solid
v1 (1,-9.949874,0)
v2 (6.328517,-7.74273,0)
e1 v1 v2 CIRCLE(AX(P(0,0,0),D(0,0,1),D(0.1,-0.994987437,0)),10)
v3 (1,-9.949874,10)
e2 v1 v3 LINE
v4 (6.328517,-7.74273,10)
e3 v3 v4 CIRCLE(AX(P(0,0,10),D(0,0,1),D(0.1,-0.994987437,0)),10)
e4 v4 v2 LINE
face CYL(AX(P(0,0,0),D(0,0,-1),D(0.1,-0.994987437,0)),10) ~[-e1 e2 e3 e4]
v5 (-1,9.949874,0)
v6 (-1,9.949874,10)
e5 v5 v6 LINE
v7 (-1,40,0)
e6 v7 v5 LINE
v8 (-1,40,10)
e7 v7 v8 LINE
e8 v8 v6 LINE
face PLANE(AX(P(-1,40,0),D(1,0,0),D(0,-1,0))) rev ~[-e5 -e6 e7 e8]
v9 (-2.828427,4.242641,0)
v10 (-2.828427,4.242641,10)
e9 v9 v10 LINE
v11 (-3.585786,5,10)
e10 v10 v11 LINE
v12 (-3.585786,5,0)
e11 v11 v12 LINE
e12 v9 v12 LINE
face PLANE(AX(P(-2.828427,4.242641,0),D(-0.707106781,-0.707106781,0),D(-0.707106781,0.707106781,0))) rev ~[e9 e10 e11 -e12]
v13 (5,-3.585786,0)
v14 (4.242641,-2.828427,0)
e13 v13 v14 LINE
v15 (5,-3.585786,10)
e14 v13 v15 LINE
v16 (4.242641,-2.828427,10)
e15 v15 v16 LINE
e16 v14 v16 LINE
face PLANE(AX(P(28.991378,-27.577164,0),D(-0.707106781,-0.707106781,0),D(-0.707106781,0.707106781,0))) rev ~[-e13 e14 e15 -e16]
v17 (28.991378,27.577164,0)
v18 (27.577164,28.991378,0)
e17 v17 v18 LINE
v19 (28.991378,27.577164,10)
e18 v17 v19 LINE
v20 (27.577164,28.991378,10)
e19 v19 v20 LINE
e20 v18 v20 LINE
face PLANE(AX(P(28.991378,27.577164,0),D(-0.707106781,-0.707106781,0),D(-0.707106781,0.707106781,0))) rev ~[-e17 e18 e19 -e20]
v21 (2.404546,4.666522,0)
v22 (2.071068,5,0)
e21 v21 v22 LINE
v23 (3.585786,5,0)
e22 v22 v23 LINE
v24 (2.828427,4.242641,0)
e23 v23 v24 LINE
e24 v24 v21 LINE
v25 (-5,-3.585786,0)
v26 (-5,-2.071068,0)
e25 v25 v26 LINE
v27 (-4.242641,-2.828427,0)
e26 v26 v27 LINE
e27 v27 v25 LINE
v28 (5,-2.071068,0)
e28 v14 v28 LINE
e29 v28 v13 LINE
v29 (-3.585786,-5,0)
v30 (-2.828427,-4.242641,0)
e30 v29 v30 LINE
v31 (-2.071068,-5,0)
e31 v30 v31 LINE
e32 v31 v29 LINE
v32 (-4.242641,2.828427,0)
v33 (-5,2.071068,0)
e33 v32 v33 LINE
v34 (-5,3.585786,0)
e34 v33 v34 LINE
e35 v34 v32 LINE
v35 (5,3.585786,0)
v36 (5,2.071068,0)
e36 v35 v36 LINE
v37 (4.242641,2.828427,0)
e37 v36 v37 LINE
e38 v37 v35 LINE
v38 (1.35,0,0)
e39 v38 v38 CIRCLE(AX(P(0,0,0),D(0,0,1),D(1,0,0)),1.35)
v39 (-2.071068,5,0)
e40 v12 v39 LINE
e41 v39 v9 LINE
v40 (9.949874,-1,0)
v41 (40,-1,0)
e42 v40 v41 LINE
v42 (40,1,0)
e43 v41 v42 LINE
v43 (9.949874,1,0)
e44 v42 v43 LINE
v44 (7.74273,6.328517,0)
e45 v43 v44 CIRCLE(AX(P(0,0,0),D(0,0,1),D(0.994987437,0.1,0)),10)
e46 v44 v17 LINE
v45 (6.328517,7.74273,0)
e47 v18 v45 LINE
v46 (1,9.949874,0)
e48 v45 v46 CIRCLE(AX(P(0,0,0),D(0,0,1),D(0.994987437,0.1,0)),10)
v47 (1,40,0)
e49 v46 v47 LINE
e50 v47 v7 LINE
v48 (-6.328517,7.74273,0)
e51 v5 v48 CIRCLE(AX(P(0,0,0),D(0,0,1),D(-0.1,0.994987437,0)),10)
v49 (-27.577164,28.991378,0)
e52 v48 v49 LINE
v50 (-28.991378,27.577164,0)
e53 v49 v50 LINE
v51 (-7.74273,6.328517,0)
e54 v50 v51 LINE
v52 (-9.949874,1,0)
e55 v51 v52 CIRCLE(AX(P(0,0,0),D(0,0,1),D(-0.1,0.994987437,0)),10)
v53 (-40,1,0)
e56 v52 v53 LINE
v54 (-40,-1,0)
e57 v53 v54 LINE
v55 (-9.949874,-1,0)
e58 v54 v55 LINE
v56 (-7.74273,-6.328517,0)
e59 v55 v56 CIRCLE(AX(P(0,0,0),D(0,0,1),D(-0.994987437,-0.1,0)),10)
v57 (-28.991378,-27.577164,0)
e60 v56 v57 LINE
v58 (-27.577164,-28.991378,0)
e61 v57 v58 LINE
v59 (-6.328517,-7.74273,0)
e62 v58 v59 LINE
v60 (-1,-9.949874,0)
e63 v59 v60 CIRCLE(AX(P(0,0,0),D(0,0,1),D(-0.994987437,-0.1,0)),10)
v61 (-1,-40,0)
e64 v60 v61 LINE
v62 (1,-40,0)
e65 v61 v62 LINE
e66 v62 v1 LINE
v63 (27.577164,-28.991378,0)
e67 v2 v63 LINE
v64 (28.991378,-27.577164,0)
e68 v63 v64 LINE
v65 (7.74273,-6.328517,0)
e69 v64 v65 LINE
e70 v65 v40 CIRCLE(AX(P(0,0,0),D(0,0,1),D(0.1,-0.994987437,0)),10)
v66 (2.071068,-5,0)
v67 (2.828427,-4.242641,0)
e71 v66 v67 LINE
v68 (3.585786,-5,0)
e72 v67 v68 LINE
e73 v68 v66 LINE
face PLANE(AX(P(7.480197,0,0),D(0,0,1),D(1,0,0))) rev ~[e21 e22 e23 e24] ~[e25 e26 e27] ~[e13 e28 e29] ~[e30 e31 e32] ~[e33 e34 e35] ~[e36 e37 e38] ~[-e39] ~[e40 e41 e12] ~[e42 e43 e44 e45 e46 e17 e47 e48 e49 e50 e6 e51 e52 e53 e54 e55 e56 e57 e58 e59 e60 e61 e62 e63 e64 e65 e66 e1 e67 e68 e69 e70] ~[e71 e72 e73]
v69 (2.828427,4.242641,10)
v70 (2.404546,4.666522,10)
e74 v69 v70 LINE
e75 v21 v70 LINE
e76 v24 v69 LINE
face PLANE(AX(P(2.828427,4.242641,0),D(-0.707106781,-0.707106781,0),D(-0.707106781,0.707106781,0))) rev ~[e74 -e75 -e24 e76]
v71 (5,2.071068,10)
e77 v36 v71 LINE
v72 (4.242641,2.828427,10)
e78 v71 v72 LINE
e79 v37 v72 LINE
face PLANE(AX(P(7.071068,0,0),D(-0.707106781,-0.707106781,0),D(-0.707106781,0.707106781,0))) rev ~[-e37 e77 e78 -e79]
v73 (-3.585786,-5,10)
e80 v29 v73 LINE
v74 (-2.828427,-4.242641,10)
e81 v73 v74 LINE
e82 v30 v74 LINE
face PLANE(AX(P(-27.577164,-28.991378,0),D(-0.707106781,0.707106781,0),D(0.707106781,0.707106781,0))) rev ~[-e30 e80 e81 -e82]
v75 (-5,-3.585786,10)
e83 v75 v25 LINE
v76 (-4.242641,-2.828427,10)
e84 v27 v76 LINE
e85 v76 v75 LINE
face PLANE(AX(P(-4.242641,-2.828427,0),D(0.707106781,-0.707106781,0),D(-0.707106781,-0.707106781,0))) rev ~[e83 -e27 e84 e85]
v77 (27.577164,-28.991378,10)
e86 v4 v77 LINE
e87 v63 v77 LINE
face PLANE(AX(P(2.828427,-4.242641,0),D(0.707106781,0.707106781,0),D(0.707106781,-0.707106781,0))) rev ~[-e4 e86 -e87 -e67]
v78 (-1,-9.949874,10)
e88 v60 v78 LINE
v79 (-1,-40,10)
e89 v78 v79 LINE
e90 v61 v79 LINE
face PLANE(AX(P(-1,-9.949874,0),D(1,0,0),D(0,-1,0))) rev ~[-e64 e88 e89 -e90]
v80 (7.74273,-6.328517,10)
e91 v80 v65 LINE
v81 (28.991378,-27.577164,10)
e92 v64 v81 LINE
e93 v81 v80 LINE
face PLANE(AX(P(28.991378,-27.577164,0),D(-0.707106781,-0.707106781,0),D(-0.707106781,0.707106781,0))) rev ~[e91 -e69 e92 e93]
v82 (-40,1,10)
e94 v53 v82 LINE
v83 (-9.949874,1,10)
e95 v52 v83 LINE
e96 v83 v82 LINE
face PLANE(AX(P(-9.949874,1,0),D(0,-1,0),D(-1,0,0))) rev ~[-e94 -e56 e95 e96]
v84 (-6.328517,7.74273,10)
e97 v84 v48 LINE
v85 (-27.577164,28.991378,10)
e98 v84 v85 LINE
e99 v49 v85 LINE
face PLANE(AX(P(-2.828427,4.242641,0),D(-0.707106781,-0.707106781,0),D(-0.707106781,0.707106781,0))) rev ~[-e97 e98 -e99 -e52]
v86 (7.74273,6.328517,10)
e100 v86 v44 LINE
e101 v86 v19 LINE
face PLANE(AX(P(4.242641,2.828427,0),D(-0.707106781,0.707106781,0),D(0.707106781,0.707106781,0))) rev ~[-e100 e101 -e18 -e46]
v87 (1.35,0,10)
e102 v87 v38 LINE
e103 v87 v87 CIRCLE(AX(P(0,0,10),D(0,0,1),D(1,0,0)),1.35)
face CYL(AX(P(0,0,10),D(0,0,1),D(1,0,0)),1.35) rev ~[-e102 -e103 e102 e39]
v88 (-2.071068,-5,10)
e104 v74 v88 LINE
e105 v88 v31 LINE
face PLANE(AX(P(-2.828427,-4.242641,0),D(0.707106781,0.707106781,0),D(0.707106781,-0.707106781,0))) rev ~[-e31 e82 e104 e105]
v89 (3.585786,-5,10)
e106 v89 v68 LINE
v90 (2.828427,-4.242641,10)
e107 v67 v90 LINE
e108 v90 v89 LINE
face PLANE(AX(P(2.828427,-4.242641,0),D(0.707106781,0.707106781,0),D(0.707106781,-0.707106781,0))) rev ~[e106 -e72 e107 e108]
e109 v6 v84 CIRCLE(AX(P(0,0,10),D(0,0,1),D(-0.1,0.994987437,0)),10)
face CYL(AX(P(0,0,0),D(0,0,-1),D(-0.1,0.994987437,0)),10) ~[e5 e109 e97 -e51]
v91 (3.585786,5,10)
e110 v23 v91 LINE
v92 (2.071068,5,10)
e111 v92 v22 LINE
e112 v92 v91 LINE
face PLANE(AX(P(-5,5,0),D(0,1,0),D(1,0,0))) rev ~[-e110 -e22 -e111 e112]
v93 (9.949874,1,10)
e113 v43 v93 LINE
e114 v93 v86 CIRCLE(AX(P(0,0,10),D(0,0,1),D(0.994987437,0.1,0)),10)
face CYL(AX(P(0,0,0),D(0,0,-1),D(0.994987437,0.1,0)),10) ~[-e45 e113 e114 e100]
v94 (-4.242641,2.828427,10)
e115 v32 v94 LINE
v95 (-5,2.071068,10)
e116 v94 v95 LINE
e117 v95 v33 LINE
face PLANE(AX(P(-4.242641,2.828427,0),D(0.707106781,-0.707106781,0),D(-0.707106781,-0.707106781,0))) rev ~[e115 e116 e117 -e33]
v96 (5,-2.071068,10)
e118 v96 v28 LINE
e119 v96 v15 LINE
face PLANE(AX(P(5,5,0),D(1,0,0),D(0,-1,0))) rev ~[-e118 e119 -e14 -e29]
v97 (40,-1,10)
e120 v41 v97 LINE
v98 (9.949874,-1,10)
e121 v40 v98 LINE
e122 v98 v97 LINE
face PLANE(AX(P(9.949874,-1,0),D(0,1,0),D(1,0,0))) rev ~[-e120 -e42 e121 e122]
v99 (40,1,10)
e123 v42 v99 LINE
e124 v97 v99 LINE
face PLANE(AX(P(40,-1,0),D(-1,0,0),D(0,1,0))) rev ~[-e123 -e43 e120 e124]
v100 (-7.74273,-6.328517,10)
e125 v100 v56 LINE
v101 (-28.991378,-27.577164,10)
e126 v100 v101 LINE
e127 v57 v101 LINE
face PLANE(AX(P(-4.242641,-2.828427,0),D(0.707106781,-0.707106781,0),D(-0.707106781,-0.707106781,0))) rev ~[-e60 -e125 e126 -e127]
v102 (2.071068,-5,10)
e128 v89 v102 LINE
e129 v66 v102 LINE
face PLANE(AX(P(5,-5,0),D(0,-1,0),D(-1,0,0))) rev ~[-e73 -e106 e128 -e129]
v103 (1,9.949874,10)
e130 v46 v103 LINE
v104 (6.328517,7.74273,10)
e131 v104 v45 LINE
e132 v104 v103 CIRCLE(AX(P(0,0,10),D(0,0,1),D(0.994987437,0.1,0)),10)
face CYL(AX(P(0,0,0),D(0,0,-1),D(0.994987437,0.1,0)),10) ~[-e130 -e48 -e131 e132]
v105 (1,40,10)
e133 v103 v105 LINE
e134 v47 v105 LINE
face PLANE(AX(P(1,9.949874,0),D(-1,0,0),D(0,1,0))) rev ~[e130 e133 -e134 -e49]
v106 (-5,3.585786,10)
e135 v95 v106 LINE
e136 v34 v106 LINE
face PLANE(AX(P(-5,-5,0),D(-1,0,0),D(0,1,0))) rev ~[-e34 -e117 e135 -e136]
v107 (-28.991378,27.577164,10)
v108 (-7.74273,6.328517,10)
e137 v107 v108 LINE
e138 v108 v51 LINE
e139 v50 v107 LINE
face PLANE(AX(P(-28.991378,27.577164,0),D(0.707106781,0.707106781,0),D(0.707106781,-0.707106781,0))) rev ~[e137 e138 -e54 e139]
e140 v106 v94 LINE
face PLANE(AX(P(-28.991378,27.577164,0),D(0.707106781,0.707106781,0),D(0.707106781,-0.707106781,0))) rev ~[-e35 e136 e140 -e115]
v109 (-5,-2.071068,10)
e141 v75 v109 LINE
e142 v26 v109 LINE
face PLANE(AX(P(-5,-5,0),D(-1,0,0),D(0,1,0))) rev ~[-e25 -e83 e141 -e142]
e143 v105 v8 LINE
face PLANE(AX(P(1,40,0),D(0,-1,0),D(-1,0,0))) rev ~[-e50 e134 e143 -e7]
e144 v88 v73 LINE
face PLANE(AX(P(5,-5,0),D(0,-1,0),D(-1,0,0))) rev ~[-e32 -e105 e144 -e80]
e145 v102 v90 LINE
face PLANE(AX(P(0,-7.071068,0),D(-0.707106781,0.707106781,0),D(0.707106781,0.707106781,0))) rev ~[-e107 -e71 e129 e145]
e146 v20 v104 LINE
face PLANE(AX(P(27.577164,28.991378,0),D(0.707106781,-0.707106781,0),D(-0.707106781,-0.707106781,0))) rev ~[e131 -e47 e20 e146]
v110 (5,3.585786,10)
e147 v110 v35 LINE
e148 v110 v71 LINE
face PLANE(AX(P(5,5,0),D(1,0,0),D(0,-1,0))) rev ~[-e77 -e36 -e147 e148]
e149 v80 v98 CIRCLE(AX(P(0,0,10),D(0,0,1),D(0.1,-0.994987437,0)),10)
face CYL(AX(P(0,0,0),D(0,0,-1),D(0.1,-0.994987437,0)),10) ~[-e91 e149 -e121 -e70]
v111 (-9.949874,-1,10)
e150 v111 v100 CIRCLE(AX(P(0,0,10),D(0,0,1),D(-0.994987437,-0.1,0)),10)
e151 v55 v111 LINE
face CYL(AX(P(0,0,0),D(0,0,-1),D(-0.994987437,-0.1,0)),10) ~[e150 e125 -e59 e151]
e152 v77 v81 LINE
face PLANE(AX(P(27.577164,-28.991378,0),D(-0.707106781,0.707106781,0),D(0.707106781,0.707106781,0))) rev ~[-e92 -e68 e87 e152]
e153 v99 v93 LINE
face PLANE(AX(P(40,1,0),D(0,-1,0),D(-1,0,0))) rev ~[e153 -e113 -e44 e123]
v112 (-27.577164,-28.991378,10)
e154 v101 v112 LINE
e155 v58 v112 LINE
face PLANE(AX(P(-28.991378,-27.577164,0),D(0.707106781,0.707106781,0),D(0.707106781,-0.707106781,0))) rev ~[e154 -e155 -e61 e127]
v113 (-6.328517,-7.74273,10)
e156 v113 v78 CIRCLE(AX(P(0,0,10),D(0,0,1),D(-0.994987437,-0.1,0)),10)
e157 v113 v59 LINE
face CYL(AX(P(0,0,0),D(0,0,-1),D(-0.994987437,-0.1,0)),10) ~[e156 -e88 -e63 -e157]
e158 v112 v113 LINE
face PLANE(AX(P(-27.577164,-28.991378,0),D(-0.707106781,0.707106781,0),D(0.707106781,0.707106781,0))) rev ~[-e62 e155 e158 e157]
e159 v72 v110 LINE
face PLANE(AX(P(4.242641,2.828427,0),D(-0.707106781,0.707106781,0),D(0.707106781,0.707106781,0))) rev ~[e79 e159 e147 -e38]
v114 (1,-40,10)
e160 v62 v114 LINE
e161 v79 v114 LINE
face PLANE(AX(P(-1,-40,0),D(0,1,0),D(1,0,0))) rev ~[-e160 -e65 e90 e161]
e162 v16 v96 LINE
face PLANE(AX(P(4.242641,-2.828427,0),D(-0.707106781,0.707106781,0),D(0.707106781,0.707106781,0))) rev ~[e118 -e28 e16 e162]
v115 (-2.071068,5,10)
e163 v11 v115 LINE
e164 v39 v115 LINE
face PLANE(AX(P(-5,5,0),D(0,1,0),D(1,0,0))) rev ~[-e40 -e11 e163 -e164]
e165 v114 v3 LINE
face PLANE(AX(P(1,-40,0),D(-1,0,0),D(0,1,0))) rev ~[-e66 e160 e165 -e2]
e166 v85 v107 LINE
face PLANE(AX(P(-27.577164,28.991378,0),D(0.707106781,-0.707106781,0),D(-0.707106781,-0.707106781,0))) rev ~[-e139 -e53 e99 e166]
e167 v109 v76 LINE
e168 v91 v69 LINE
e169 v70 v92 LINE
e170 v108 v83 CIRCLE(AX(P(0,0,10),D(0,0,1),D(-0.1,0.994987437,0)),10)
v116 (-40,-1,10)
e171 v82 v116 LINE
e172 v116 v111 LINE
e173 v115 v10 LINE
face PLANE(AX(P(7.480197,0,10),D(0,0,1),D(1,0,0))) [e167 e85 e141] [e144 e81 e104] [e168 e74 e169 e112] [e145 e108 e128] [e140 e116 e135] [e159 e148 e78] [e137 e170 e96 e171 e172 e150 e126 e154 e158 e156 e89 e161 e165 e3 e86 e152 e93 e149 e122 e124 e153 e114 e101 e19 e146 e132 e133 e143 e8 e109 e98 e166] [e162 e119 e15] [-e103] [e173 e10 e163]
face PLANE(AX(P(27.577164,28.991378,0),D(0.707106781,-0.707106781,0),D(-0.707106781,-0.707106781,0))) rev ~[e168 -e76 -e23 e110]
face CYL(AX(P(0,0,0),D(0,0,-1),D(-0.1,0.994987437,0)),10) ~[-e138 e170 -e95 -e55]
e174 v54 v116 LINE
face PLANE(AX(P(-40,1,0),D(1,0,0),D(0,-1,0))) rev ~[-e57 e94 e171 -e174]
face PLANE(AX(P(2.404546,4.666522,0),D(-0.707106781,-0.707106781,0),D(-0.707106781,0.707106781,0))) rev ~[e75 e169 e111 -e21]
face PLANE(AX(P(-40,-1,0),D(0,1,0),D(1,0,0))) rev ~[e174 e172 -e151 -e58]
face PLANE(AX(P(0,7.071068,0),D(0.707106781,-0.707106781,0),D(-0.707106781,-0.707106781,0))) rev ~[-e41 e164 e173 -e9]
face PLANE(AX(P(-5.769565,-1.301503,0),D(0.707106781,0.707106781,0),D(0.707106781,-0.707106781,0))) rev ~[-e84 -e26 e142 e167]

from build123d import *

# Parameters (mm, degrees)
F3_DEPTH = 10
F4_DEPTH = 10
F5_R     = 1.35
F6_DEPTH = 25


with BuildPart() as f3:
    # F2 (on Top) → F3 (new body)
    with BuildSketch(Plane.XY):
        Polygon((-2.9411380965, 1.5269245341), (-4.2426406871, 2.8284271247), (-7.0710678119, 0), (-5.7695652212, -1.3015025906), align=None)
        Polygon((-28.9913780286, 27.5771644663), (-4.2426406871, 2.8284271247), (-3.5355339059, 3.5355339059), (-2.8284271247, 4.2426406871), (-27.5771644663, 28.9913780286), align=None)
        Polygon((-3.5355339059, 3.5355339059), (-4.2426406871, 2.8284271247), (-2.9411380965, 1.5269245341), (-5.7695652212, -1.3015025906), (-4.2426406871, -2.8284271247), (-3.5355339059, -3.5355339059), (0, 0), align=None)
        Polygon((-2.8284271247, 4.2426406871), (-3.5355339059, 3.5355339059), (0, 0), (3.5355339059, 3.5355339059), (2.8284271247, 4.2426406871), (2.4045457253, 4.6665220865), (-0.4238813994, 1.8380949618), align=None)
        Polygon((0, 7.0710678119), (-2.8284271247, 4.2426406871), (-0.4238813994, 1.8380949618), (2.4045457253, 4.6665220865), align=None)
        Polygon((3.5355339059, 3.5355339059), (0, 0), (3.5355339059, -3.5355339059), (4.2426406871, -2.8284271247), (7.0710678119, 0), (4.2426406871, 2.8284271247), align=None)
        Polygon((3.5355339059, -3.5355339059), (0, 0), (-3.5355339059, -3.5355339059), (-2.8284271247, -4.2426406871), (0, -7.0710678119), (2.8284271247, -4.2426406871), align=None)
        Polygon((-3.5355339059, -3.5355339059), (-4.2426406871, -2.8284271247), (-28.9913780286, -27.5771644663), (-27.5771644663, -28.9913780286), (-2.8284271247, -4.2426406871), align=None)
        Polygon((4.2426406871, -2.8284271247), (3.5355339059, -3.5355339059), (2.8284271247, -4.2426406871), (27.5771644663, -28.9913780286), (28.9913780286, -27.5771644663), align=None)
        Polygon((2.8284271247, 4.2426406871), (3.5355339059, 3.5355339059), (4.2426406871, 2.8284271247), (28.9913780286, 27.5771644663), (27.5771644663, 28.9913780286), align=None)
    extrude(amount=F3_DEPTH)

    # F1 (on Top) → F4 (join)
    with BuildSketch(Plane.XY):
        with BuildLine():
            ThreePointArc((9.9498743711, -1), (9.9874607311, -0.5006277506), (10, 0))
            ThreePointArc((10, 0), (9.9874607311, 0.5006277506), (9.9498743711, 1))
            Line((9.9498743711, 1), (5, 1))
            Line((5, 1), (5, 0))
            Line((5, 0), (5, -1))
            Line((5, -1), (9.9498743711, -1))
        make_face()
        with BuildLine():
            ThreePointArc((9.9498743711, 1), (9.9874607311, 0.5006277506), (10, 0))
            ThreePointArc((10, 0), (9.9874607311, -0.5006277506), (9.9498743711, -1))
            Line((9.9498743711, -1), (40, -1))
            Line((40, -1), (40, 1))
            Line((40, 1), (9.9498743711, 1))
        make_face()
        with BuildLine():
            Line((5, 1), (9.9498743711, 1))
            ThreePointArc((9.9498743711, 1), (7.0710678119, 7.0710678119), (1, 9.9498743711))
            Line((1, 9.9498743711), (1, 5))
            Line((1, 5), (5, 5))
            Line((5, 5), (5, 1))
        make_face()
        with BuildLine():
            ThreePointArc((1, -9.9498743711), (7.0710678119, -7.0710678119), (9.9498743711, -1))
            Line((9.9498743711, -1), (5, -1))
            Line((5, -1), (5, -5))
            Line((5, -5), (1, -5))
            Line((1, -5), (1, -9.9498743711))
        make_face()
        with BuildLine():
            Line((1, 5), (1, 9.9498743711))
            ThreePointArc((1, 9.9498743711), (0, 10), (-1, 9.9498743711))
            Line((-1, 9.9498743711), (-1, 5))
            Line((-1, 5), (0, 5))
            Line((0, 5), (1, 5))
        make_face()
        with BuildLine():
            ThreePointArc((-1, 9.9498743711), (0, 10), (1, 9.9498743711))
            Line((1, 9.9498743711), (1, 40))
            Line((1, 40), (-1, 40))
            Line((-1, 40), (-1, 9.9498743711))
        make_face()
        with BuildLine():
            Line((1, -40), (1, -9.9498743711))
            ThreePointArc((1, -9.9498743711), (0, -10), (-1, -9.9498743711))
            Line((-1, -9.9498743711), (-1, -40))
            Line((-1, -40), (1, -40))
        make_face()
        with BuildLine():
            ThreePointArc((-1, -9.9498743711), (0, -10), (1, -9.9498743711))
            Line((1, -9.9498743711), (1, -5))
            Line((1, -5), (-1, -5))
            Line((-1, -5), (-1, -9.9498743711))
        make_face()
        with BuildLine():
            Line((-1, 5), (-1, 9.9498743711))
            ThreePointArc((-1, 9.9498743711), (-7.0710678119, 7.0710678119), (-9.9498743711, 1))
            Line((-9.9498743711, 1), (-5, 1))
            Line((-5, 1), (-5, 5))
            Line((-5, 5), (-1, 5))
        make_face()
        with BuildLine():
            ThreePointArc((-9.9498743711, -1), (-7.0710678119, -7.0710678119), (-1, -9.9498743711))
            Line((-1, -9.9498743711), (-1, -5))
            Line((-1, -5), (-5, -5))
            Line((-5, -5), (-5, -1))
            Line((-5, -1), (-9.9498743711, -1))
        make_face()
        with BuildLine():
            Line((-5, 1), (-9.9498743711, 1))
            ThreePointArc((-9.9498743711, 1), (-10, 0), (-9.9498743711, -1))
            Line((-9.9498743711, -1), (-5, -1))
            Line((-5, -1), (-5, 0))
            Line((-5, 0), (-5, 1))
        make_face()
        with BuildLine():
            ThreePointArc((-9.9498743711, -1), (-10, 0), (-9.9498743711, 1))
            Line((-9.9498743711, 1), (-40, 1))
            Line((-40, 1), (-40, -1))
            Line((-40, -1), (-9.9498743711, -1))
        make_face()
    extrude(amount=F4_DEPTH)

    # F5 (on face) → F6 (cut)
    with BuildSketch(Plane.XY.offset(10)):
        Circle(F5_R)
    extrude(amount=-F6_DEPTH, mode=Mode.SUBTRACT)


solid = f3.part
